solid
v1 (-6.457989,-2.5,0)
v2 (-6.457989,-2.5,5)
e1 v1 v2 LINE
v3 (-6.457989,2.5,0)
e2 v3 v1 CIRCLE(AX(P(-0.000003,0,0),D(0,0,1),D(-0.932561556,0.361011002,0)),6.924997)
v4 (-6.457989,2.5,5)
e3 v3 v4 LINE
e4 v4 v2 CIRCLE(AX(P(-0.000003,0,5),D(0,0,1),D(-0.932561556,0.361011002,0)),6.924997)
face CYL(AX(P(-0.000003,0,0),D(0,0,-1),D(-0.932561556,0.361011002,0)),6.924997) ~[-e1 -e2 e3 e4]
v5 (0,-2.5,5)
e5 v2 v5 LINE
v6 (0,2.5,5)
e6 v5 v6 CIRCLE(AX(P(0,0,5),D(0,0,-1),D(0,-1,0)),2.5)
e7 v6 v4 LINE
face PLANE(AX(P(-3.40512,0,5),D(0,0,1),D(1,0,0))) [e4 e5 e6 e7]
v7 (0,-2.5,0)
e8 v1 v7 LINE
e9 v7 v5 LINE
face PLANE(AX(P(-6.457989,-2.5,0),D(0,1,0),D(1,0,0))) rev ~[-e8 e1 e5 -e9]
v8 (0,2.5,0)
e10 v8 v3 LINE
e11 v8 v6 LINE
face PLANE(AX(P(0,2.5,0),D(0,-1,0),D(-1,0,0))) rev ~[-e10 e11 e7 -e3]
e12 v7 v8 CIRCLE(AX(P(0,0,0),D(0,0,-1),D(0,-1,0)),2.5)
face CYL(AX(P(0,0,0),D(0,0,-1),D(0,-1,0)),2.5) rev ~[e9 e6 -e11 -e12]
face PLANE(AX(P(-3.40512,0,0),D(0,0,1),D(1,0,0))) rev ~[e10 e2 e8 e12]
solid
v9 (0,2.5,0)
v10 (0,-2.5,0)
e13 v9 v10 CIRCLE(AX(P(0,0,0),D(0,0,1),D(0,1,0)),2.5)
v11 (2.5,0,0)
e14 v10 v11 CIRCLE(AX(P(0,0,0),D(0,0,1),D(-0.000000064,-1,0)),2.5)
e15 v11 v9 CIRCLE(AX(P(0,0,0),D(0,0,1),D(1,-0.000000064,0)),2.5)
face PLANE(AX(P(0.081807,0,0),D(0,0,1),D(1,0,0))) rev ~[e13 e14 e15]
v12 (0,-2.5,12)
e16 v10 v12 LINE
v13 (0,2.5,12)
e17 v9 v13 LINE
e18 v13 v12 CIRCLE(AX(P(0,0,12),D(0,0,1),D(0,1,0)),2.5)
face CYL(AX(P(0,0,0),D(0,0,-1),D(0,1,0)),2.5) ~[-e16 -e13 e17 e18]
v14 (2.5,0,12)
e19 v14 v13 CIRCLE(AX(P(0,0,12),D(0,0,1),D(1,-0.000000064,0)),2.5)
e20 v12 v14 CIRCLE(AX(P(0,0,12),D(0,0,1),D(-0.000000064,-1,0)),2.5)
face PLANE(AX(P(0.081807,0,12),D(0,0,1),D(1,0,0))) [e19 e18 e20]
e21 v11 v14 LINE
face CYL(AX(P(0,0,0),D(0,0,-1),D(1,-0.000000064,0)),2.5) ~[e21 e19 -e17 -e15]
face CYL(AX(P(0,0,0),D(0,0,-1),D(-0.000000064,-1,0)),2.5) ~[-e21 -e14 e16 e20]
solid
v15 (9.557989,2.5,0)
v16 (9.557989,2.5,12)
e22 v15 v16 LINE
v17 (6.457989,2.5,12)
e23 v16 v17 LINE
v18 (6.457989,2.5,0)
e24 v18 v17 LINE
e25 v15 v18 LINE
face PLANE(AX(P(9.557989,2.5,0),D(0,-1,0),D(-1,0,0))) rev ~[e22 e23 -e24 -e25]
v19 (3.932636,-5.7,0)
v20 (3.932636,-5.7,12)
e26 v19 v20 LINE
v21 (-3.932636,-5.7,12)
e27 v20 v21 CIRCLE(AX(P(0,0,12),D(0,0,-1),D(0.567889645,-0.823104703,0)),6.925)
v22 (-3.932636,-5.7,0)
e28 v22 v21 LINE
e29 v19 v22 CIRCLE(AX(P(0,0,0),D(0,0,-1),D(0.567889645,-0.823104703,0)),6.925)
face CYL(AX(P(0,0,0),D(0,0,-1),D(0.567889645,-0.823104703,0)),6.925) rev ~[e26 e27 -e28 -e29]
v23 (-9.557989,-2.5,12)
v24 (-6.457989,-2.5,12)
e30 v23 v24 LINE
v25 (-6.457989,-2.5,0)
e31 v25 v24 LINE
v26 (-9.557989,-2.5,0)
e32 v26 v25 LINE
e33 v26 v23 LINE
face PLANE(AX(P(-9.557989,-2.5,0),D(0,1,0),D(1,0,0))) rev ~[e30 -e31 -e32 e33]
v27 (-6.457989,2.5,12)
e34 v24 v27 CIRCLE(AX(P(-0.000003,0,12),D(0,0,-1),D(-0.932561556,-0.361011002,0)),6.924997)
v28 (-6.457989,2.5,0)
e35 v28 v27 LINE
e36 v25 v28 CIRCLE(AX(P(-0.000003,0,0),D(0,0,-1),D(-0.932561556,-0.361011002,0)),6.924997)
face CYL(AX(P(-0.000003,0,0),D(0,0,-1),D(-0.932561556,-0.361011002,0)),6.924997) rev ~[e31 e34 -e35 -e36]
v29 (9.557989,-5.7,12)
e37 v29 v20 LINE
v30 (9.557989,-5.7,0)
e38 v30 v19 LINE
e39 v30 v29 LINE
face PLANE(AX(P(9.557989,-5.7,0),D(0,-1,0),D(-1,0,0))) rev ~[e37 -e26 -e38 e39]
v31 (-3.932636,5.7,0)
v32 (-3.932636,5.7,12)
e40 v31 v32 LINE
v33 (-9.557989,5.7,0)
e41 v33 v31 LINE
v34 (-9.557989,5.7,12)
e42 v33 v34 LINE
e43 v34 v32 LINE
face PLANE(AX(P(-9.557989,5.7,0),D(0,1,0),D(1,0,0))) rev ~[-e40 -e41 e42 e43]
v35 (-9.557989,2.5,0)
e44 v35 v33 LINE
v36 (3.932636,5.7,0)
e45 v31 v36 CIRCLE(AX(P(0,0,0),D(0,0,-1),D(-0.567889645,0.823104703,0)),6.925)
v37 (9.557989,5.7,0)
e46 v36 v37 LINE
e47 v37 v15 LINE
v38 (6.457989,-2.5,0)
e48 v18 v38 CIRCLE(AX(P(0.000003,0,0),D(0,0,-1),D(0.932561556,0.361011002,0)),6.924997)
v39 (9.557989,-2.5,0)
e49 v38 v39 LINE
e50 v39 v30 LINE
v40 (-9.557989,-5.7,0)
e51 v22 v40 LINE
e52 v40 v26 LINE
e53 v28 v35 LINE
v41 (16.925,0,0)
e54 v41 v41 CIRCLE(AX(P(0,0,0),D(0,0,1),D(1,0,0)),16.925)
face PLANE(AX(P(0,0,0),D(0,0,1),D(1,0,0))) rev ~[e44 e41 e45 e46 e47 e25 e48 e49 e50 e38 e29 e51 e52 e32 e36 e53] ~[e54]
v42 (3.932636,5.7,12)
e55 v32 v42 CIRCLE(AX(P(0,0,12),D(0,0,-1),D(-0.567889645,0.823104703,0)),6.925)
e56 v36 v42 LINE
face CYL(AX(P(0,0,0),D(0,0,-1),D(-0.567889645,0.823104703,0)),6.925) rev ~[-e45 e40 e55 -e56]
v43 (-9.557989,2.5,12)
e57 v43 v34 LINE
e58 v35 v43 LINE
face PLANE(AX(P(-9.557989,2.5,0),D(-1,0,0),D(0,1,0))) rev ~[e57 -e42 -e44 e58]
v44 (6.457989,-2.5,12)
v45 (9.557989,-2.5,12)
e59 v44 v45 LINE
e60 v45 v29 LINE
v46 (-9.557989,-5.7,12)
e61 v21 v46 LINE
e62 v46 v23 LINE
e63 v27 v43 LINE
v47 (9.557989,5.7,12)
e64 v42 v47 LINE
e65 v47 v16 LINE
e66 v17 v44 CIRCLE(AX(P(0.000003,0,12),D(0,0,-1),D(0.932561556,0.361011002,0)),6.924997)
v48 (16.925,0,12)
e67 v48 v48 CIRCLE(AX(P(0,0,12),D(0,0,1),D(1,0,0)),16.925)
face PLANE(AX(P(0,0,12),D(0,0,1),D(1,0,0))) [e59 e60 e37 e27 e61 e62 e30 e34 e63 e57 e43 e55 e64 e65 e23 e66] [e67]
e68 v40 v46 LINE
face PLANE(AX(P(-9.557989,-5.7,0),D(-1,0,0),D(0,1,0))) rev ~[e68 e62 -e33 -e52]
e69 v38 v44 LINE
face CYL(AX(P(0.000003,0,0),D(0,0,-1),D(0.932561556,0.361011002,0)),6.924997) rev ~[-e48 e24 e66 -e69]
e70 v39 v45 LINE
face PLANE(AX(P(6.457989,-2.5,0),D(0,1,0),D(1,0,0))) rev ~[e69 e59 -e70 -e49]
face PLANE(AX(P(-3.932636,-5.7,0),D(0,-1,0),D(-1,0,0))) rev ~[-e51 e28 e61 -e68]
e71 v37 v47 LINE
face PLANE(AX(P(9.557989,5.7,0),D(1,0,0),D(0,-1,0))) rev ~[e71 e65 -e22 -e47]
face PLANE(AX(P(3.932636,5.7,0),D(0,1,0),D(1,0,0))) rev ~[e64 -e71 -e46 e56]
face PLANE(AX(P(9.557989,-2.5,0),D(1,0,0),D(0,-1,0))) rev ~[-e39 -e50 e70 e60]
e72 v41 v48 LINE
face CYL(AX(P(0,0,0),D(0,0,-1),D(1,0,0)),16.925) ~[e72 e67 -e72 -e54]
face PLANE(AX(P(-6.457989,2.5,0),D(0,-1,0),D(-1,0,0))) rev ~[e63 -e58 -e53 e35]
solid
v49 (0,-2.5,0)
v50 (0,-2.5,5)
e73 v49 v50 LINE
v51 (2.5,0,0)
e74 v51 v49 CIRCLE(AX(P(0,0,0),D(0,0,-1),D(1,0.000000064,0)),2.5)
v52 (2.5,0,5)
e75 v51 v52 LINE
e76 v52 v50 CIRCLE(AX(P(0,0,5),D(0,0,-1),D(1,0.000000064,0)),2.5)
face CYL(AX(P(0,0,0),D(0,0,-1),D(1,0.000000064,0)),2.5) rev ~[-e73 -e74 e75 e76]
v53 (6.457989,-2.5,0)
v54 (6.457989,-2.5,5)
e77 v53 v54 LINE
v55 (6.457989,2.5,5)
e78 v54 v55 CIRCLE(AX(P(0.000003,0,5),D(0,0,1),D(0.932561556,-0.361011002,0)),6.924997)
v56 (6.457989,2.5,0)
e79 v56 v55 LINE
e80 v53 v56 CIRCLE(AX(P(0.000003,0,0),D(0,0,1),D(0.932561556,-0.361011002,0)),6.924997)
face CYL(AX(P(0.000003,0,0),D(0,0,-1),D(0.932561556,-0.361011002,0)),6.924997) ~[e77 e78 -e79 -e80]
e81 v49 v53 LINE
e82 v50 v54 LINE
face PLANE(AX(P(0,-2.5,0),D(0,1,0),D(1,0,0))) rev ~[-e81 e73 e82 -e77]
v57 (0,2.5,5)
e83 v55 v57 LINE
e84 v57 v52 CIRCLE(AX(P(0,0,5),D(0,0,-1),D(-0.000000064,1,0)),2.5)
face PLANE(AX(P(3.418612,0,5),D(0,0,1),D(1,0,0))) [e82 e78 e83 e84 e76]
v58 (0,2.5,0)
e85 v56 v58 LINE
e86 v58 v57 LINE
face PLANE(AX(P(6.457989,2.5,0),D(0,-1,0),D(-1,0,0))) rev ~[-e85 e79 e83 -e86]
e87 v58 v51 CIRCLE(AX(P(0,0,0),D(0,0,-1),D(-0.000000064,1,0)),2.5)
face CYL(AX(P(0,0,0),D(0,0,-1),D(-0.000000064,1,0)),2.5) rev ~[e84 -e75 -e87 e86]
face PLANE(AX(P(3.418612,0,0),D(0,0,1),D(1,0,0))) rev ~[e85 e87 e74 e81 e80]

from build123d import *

# Parameters (mm, degrees)
F0_R     = 16.925
F1_DEPTH = 12
F2_DEPTH = 5
F3_DEPTH = 12


with BuildPart() as f1:
    # F0 (on Top) → F1 (new body)
    with BuildSketch(Plane.XY):
        Circle(F0_R)
        with BuildLine():
            ThreePointArc((-3.932636, 5.7), (0, 6.925), (3.932636, 5.7))
            Line((3.932636, 5.7), (9.557989, 5.7))
            Line((9.557989, 5.7), (9.557989, 2.5))
            Line((9.557989, 2.5), (6.457989, 2.5))
            ThreePointArc((6.457989, 2.5), (6.925, 0), (6.457989, -2.5))
            Line((6.457989, -2.5), (9.557989, -2.5))
            Line((9.557989, -2.5), (9.557989, -5.7))
            Line((9.557989, -5.7), (3.932636, -5.7))
            ThreePointArc((3.932636, -5.7), (0, -6.925), (-3.932636, -5.7))
            Line((-3.932636, -5.7), (-9.557989, -5.7))
            Line((-9.557989, -5.7), (-9.557989, -2.5))
            Line((-9.557989, -2.5), (-6.457989, -2.5))
            ThreePointArc((-6.457989, -2.5), (-6.925, 0), (-6.457989, 2.5))
            Line((-6.457989, 2.5), (-9.557989, 2.5))
            Line((-9.557989, 2.5), (-9.557989, 5.7))
            Line((-9.557989, 5.7), (-3.932636, 5.7))
        make_face(mode=Mode.SUBTRACT)
    extrude(amount=F1_DEPTH)


with BuildPart() as f2:
    # F0 (on Top) → F2 (new body)
    with BuildSketch(Plane.XY):
        with BuildLine():
            ThreePointArc((6.457989, -2.5), (6.925, 0), (6.457989, 2.5))
            Line((6.457989, 2.5), (0, 2.5))
            ThreePointArc((0, 2.5), (1.767767, 1.767767), (2.5, 0))
            ThreePointArc((2.5, 0), (1.767767, -1.767767), (0, -2.5))
            Line((0, -2.5), (6.457989, -2.5))
        make_face()
        with BuildLine():
            Line((0, 2.5), (-6.457989, 2.5))
            ThreePointArc((-6.457989, 2.5), (-6.925, 0), (-6.457989, -2.5))
            Line((-6.457989, -2.5), (0, -2.5))
            ThreePointArc((0, -2.5), (-2.5, 0), (0, 2.5))
        make_face()
    extrude(amount=F2_DEPTH)


with BuildPart() as f3:
    # F0 (on Top) → F3 (new body)
    with BuildSketch(Plane.XY):
        with BuildLine():
            ThreePointArc((2.5, 0), (1.767767, 1.767767), (0, 2.5))
            ThreePointArc((0, 2.5), (-2.5, 0), (0, -2.5))
            ThreePointArc((0, -2.5), (1.767767, -1.767767), (2.5, 0))
        make_face()
    extrude(amount=F3_DEPTH)


solid = Compound([f1.part, f2.part, f3.part])
